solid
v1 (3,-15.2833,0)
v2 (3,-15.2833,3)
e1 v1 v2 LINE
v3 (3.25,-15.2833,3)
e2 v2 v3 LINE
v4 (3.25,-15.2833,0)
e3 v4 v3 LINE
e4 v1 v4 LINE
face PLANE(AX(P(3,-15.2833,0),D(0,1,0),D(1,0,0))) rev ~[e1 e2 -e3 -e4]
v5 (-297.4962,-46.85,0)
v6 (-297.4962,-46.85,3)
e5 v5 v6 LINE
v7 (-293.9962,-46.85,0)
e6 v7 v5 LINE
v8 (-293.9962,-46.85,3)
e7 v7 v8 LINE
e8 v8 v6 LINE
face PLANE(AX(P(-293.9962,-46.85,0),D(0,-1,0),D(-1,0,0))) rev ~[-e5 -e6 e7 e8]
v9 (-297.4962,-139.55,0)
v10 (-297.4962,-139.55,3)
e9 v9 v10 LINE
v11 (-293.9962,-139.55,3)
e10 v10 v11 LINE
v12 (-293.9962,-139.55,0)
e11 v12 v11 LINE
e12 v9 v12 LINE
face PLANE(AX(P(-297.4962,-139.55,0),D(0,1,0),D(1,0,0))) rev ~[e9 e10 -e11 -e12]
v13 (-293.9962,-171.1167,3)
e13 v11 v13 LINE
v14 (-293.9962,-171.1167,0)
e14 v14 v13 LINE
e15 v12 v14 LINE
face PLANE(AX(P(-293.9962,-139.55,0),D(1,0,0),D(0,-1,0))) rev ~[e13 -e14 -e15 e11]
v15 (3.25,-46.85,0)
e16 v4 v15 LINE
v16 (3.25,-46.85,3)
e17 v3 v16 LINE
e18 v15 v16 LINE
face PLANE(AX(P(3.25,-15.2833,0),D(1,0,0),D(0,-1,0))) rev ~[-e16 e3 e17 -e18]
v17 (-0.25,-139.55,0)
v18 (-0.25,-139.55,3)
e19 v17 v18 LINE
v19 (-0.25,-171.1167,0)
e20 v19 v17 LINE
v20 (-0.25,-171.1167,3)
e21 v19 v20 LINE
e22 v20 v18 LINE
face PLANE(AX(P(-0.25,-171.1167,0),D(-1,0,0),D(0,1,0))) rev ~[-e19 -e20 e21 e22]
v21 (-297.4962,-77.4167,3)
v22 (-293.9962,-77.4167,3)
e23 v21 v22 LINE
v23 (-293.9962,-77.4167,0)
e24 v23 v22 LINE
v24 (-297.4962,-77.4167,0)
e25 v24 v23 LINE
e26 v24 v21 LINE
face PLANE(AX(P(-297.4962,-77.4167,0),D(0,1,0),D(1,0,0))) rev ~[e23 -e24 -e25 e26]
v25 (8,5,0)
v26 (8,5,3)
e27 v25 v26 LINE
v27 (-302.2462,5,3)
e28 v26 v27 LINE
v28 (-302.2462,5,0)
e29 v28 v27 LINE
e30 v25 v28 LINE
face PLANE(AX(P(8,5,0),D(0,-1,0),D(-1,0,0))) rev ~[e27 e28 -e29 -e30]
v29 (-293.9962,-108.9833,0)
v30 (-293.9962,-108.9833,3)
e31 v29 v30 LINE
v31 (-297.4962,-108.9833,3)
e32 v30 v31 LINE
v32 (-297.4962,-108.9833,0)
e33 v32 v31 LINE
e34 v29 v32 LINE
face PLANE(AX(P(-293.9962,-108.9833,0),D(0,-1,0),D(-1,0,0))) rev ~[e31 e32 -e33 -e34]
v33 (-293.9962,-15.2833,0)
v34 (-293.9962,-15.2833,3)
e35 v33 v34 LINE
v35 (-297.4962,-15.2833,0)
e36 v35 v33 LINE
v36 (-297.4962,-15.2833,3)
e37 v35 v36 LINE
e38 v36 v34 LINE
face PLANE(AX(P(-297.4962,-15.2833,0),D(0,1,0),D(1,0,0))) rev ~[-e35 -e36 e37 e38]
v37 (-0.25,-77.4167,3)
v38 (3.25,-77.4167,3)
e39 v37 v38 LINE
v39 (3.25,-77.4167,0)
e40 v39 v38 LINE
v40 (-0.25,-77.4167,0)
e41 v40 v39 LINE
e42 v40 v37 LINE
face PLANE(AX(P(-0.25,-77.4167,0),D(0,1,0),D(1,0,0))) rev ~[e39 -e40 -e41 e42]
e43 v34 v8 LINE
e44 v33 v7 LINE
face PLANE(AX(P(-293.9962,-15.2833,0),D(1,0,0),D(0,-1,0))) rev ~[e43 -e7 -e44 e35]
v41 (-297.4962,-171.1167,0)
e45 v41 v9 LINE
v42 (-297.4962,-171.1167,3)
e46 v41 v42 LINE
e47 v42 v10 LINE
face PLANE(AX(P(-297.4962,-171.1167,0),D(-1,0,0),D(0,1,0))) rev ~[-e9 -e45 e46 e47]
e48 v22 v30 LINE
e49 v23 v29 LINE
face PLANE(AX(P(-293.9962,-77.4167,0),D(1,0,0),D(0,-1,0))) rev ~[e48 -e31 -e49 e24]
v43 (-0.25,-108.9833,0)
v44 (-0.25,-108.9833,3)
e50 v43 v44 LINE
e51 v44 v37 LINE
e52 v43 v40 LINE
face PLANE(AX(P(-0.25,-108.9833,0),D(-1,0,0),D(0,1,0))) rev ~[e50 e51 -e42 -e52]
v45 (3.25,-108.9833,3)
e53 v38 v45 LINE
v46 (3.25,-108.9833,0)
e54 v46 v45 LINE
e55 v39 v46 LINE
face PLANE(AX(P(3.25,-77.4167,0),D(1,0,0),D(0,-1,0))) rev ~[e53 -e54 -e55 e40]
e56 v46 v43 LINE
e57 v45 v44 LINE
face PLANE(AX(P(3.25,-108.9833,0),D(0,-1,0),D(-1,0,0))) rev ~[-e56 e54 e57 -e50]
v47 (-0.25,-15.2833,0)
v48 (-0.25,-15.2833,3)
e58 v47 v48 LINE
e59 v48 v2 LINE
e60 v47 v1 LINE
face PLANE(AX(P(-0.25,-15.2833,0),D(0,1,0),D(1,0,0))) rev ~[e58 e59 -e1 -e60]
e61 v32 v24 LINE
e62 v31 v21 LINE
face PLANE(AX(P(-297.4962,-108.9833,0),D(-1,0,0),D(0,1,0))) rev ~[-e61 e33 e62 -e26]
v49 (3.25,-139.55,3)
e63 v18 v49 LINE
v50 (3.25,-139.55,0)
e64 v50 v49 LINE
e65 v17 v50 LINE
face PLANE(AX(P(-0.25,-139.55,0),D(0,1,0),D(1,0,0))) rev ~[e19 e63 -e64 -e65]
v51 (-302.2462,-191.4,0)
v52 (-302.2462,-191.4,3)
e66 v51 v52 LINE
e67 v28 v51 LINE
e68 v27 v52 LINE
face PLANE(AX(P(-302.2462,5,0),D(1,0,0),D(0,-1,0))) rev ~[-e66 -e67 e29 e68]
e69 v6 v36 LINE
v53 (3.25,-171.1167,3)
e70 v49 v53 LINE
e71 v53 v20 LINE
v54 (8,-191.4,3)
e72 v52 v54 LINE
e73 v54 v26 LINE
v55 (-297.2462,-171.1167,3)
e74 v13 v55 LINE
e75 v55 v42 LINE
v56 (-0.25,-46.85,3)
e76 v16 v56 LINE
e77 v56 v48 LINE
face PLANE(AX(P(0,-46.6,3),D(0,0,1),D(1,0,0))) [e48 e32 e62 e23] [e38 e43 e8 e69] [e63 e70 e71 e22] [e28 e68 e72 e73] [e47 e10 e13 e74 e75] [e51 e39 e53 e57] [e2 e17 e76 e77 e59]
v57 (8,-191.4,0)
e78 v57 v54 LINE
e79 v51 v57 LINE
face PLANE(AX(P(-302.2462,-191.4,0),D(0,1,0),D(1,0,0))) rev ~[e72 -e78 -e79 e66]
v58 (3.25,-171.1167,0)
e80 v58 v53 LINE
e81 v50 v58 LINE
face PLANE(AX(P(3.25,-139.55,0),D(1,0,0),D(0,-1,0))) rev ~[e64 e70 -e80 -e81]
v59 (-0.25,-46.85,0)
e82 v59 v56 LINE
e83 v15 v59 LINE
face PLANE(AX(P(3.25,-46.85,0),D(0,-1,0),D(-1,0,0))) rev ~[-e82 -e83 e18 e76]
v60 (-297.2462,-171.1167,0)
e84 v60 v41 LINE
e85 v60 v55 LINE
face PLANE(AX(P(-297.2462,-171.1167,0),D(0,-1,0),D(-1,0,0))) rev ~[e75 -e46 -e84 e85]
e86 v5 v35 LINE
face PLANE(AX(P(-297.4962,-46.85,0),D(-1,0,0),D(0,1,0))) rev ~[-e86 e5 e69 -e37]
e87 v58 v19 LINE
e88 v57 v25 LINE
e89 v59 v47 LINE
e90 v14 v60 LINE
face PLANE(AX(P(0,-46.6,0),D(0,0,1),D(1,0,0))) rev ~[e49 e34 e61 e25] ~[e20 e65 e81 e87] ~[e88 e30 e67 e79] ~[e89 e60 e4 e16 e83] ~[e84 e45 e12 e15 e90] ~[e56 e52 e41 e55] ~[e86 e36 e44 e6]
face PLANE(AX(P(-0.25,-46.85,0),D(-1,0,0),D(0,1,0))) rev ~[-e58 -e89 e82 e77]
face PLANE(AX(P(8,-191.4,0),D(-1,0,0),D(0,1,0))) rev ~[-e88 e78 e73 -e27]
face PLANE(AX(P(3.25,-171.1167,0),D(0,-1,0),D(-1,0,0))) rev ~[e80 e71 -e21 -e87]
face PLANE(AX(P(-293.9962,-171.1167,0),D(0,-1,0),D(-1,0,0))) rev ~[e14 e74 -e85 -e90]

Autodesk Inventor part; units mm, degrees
ref_plane "YZ Plane" through (0, 0, 0) normal (1, 0, 0) x (0, 1, 0)
ref_plane "XZ Plane" through (0, 0, 0) normal (0, 1, 0) x (-1, 0, 0)
ref_plane "XY Plane" through (0, 0, 0) normal (0, 0, 1) x (1, 0, 0)
ref_plane "Work Plane1" through (0, -46.6, 0) normal (0, 0, 1) x (1, 0, 0)
sketch "Sketch1" plane through (0, -46.6, 0) normal (0, 0, 1) x (1, 0, 0)
  line L0 (0, 31.0667) -> (0, 0) projected
  line L1 (0, 0) -> (3, 0) projected
  line L2 (3, 31.0667) -> (3, 0) projected
  line L3 (0, 31.0667) -> (3, 31.0667) projected
  line L4 (0, -31.0667) -> (0, -62.1333) projected
  line L5 (0, -62.1333) -> (3, -62.1333) projected
  line L6 (3, -31.0667) -> (3, -62.1333) projected
  line L7 (0, -31.0667) -> (3, -31.0667) projected
  line L8 (0, -93.2) -> (0, -124.2667) projected
  line L9 (0, -124.2667) -> (3, -124.2667) projected
  line L10 (3, -93.2) -> (3, -124.2667) projected
  line L11 (0, -93.2) -> (3, -93.2) projected
  line L12 (-297.2462, 31.0667) -> (-297.2462, 0) projected
  line L13 (-297.2462, 0) -> (-294.2462, 0) projected
  line L14 (-294.2462, 31.0667) -> (-294.2462, 0) projected
  line L15 (-297.2462, 31.0667) -> (-294.2462, 31.0667) projected
  line L16 (-297.2462, -31.0667) -> (-297.2462, -62.1333) projected
  line L17 (-297.2462, -62.1333) -> (-294.2462, -62.1333) projected
  line L18 (-294.2462, -31.0667) -> (-294.2462, -62.1333) projected
  line L19 (-297.2462, -31.0667) -> (-294.2462, -31.0667) projected
  line L20 (-297.2462, -93.2) -> (-297.2462, -124.2667) projected
  line L21 (-297.2462, -124.2667) -> (-294.2462, -124.2667) projected
  line L22 (-294.2462, -93.2) -> (-294.2462, -124.2667) projected
  line L23 (-297.2462, -93.2) -> (-294.2462, -93.2) projected
  line L24 (3, 46.6) -> (3, 31.0667) projected
  line L25 (-297.2462, -124.2667) -> (-297.2462, -139.8) projected
  line L26 (8, 51.6) -> (-302.2462, 51.6)
  line L27 (-302.2462, 51.6) -> (-302.2462, -144.8)
  line L28 (-302.2462, -144.8) -> (8, -144.8)
  line L29 (8, -144.8) -> (8, 51.6)
  line L30 (-293.9962, 31.3167) -> (-293.9962, -0.25)
  line L31 (-293.9962, -0.25) -> (-297.4962, -0.25)
  line L32 (-297.4962, -0.25) -> (-297.4962, 31.3167)
  line L33 (-297.4962, 31.3167) -> (-293.9962, 31.3167)
  line L34 (-293.9962, -30.8167) -> (-293.9962, -62.3833)
  line L35 (-293.9962, -62.3833) -> (-297.4962, -62.3833)
  line L36 (-297.4962, -62.3833) -> (-297.4962, -30.8167)
  line L37 (-297.4962, -30.8167) -> (-293.9962, -30.8167)
  line L38 (-293.9962, -124.5167) -> (-297.4962, -124.5167)
  line L39 (-297.4962, -124.5167) -> (-297.4962, -92.95)
  line L40 (-297.4962, -92.95) -> (-293.9962, -92.95)
  line L41 (-293.9962, -92.95) -> (-293.9962, -124.5167)
  line L42 (3.25, 31.3167) -> (3.25, -0.25)
  line L43 (3.25, -0.25) -> (-0.25, -0.25)
  line L44 (-0.25, -0.25) -> (-0.25, 31.3167)
  line L45 (-0.25, 31.3167) -> (3.25, 31.3167)
  line L46 (3.25, -30.8167) -> (3.25, -62.3833)
  line L47 (3.25, -62.3833) -> (-0.25, -62.3833)
  line L48 (-0.25, -62.3833) -> (-0.25, -30.8167)
  line L49 (-0.25, -30.8167) -> (3.25, -30.8167)
  line L50 (3.25, -92.95) -> (3.25, -124.5167)
  line L51 (3.25, -124.5167) -> (-0.25, -124.5167)
  line L52 (-0.25, -124.5167) -> (-0.25, -92.95)
  line L53 (-0.25, -92.95) -> (3.25, -92.95)
  point P0 (0, 46.6)
  dimension "d0" = 5
  dimension "d1" = 5
  dimension "d2" = 5
  dimension "d3" = 5
  dimension "d6" = 0.25
  dimension "d7" = 0.25
  dimension "d8" = 0.25
  dimension "d9" = 0.25
  dimension "d10" = 0.25
  dimension "d11" = 0.25
extrude "Extrusion1" add sketch "Sketch1" along normal blind 3 contours L29 L28 L27 L26
sketch "Sketch2" plane through (0, -46.6, 3) normal (0, 0, 1) x (1, 0, 0)
  line L0 (-302.2462, 51.6) -> (-302.2462, -144.8) projected
  line L1 (-302.2462, -144.8) -> (8, -144.8) projected
  line L2 (8, -144.8) -> (8, 51.6) projected
  line L3 (8, 51.6) -> (-302.2462, 51.6) projected
  line L4 (3.25, -92.95) -> (3.25, -124.5167) projected
  line L5 (3.25, -124.5167) -> (-0.25, -124.5167) projected
  line L6 (-0.25, -124.5167) -> (-0.25, -92.95) projected
  line L7 (-0.25, -92.95) -> (3.25, -92.95) projected
  line L8 (3.25, -30.8167) -> (3.25, -62.3833) projected
  line L9 (3.25, -62.3833) -> (-0.25, -62.3833) projected
  line L10 (-0.25, -62.3833) -> (-0.25, -30.8167) projected
  line L11 (-0.25, -30.8167) -> (3.25, -30.8167) projected
  line L12 (-293.9962, -30.8167) -> (-293.9962, -62.3833) projected
  line L13 (-293.9962, -62.3833) -> (-297.4962, -62.3833) projected
  line L14 (-297.4962, -62.3833) -> (-297.4962, -30.8167) projected
  line L15 (-297.4962, -30.8167) -> (-293.9962, -30.8167) projected
  line L16 (-293.9962, 31.3167) -> (-293.9962, -0.25) projected
  line L17 (-293.9962, -0.25) -> (-297.4962, -0.25) projected
  line L18 (-297.4962, -0.25) -> (-297.4962, 31.3167) projected
  line L19 (-297.4962, 31.3167) -> (-293.9962, 31.3167) projected
  line L20 (-0.25, -0.25) -> (-0.25, 31.3167) projected
  line L21 (-0.25, 31.3167) -> (3.25, 31.3167) projected
  line L22 (3.25, 31.3167) -> (3.25, -0.25) projected
  line L23 (3.25, -0.25) -> (-0.25, -0.25) projected
  line L24 (-293.9962, -92.95) -> (-293.9962, -124.5167) projected
  line L25 (-293.9962, -124.5167) -> (-297.4962, -124.5167) projected
  line L26 (-297.4962, -124.5167) -> (-297.4962, -92.95) projected
  line L27 (-297.4962, -92.95) -> (-293.9962, -92.95) projected
  point P0 (0, 46.6)
equation "\"d7\" = d6"
equation "\"d8\" = d6"
equation "\"d9\" = d6"
equation "\"d10\" = d6"
equation "\"d11\" = d6"
properties part number "Stand Base" material "Wood (Oak)"
